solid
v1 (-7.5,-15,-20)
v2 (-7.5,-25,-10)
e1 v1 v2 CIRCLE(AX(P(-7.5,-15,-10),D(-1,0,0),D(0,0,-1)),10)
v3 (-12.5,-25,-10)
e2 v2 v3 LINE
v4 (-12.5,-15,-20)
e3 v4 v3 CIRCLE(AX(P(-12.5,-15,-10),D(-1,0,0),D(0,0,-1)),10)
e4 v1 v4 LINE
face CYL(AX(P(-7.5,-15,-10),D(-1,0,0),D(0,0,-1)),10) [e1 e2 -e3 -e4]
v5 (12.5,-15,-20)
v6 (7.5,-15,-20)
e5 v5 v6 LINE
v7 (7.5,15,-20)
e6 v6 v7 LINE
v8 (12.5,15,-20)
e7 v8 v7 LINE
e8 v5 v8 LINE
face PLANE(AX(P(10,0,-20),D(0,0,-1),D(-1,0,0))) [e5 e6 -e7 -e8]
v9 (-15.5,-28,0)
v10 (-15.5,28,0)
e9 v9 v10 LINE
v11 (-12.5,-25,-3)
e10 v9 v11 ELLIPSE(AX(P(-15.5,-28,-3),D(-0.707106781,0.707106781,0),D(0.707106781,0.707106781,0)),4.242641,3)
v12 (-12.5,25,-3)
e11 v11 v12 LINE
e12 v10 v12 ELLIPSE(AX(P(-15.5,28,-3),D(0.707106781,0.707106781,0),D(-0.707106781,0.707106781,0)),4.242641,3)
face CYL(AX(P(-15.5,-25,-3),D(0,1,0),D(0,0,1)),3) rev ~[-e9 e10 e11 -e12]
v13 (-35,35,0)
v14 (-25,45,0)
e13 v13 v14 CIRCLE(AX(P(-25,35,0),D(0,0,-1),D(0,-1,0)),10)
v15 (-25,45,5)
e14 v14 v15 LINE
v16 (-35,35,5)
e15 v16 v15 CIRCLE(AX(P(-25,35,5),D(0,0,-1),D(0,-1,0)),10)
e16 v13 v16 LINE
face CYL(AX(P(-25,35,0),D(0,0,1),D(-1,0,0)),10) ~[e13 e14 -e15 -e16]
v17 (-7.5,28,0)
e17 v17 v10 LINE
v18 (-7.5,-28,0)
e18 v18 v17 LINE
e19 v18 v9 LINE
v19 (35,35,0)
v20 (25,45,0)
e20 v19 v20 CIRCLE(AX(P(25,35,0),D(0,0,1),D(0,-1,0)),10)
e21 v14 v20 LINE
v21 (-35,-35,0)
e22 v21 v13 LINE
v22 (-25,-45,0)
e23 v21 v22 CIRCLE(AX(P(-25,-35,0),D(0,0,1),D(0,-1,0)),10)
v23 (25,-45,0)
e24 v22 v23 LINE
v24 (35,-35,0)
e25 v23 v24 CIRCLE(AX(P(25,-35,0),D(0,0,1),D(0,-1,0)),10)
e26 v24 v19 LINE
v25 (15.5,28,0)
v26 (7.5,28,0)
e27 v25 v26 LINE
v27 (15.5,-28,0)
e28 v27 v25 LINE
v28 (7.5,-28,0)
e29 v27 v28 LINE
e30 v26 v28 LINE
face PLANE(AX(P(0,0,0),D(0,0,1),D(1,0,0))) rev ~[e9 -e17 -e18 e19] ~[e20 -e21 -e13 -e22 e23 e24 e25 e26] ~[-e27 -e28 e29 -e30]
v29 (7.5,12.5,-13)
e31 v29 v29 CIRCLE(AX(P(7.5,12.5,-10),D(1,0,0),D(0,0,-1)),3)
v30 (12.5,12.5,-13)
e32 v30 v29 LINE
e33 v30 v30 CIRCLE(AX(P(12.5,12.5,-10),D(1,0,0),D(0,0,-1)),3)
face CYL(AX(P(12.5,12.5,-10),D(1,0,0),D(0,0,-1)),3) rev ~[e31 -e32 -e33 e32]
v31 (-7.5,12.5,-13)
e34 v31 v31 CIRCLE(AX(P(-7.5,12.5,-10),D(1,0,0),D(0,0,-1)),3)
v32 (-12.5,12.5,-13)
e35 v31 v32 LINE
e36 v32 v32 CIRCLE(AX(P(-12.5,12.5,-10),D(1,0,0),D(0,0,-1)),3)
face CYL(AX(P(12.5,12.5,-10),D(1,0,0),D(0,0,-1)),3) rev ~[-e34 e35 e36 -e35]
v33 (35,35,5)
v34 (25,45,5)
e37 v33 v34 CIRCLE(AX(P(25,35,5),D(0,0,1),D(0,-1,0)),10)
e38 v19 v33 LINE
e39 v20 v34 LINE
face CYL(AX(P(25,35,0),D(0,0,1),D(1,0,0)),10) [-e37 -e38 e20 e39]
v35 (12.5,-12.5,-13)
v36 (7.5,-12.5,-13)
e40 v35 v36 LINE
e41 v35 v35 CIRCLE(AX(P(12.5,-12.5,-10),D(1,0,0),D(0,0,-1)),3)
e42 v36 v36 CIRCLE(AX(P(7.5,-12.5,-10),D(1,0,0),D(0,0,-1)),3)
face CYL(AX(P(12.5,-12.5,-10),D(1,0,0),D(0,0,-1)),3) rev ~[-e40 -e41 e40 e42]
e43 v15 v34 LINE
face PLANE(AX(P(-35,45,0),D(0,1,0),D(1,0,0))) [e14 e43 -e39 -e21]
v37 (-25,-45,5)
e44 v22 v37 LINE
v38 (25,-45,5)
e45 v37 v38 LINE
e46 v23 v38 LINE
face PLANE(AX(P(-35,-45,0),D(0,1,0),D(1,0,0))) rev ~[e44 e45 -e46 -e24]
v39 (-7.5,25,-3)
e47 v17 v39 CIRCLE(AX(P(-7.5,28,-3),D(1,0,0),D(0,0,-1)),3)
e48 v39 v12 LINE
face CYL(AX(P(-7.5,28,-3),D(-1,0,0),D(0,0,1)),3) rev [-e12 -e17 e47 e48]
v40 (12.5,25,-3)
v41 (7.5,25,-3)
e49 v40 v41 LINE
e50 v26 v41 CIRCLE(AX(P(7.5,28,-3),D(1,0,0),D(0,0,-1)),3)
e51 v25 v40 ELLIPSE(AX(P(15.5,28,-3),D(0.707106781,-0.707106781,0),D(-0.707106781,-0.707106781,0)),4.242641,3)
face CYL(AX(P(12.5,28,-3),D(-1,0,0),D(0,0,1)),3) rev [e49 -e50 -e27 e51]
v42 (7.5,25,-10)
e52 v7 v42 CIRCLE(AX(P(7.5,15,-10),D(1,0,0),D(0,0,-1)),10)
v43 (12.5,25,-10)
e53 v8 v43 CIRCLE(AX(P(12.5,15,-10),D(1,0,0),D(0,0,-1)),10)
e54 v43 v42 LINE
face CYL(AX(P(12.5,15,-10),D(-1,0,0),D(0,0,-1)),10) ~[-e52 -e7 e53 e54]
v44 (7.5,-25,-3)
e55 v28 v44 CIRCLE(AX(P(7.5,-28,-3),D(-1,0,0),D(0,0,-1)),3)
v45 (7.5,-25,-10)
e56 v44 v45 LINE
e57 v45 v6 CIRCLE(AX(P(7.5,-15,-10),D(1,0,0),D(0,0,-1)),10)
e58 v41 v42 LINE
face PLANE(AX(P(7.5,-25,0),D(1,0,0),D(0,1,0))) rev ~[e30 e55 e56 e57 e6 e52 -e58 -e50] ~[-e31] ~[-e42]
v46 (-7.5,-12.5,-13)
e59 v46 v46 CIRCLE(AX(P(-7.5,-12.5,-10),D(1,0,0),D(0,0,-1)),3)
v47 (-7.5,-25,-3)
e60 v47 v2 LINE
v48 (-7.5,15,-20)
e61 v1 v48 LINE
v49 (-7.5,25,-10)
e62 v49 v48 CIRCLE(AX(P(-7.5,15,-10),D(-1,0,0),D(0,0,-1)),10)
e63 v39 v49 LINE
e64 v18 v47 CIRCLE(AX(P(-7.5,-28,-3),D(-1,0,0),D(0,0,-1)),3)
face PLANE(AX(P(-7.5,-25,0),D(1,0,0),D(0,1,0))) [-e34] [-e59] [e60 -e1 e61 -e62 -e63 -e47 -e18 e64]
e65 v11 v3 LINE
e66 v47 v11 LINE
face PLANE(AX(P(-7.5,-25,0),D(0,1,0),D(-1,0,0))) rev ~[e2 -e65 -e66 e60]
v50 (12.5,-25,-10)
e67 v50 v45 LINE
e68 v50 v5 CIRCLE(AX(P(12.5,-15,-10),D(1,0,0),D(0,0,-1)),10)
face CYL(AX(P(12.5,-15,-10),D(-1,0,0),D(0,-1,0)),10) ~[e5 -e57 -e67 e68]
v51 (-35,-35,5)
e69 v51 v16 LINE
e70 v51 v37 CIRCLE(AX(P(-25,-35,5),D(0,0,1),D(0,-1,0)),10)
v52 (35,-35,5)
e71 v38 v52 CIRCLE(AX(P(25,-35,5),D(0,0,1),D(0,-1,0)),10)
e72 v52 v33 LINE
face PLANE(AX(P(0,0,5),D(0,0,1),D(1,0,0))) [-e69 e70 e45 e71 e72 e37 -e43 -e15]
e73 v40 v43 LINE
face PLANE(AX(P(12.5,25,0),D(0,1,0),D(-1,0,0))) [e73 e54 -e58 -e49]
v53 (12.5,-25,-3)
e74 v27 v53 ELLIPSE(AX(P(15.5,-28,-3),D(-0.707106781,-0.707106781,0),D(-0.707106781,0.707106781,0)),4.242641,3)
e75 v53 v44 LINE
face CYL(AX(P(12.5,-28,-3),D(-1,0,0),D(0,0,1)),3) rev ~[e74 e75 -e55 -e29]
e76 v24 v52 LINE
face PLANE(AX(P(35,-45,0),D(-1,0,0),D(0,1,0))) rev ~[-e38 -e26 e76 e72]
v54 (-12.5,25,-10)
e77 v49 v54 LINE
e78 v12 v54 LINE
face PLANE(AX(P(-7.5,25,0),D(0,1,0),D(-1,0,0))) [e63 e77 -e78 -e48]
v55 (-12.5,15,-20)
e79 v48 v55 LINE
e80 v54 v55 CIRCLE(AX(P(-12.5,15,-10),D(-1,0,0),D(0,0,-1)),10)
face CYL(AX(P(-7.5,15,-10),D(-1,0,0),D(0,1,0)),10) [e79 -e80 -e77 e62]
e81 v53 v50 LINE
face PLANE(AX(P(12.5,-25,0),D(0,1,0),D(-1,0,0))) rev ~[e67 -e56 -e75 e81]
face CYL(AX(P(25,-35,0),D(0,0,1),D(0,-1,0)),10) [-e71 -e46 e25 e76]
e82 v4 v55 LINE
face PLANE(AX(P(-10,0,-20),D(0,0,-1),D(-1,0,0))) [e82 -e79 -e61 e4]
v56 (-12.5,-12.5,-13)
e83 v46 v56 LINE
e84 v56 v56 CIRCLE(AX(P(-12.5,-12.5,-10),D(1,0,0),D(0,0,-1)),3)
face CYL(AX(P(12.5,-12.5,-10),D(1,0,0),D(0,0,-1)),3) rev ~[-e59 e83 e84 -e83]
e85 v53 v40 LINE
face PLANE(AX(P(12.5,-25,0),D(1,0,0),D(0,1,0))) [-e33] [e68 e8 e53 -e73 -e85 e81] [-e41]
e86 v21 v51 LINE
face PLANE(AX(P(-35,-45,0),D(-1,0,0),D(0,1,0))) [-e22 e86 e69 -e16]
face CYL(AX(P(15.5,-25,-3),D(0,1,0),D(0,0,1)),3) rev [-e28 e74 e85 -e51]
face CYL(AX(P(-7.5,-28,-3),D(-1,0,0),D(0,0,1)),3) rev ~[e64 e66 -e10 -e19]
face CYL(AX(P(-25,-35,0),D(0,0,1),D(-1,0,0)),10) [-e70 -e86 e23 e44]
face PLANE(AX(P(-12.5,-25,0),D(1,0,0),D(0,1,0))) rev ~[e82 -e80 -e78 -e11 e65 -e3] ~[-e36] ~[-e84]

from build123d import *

# Parameters (mm, degrees)
SKETCH1_W           = 70
SKETCH1_H           = 90
BOSS_EXTRUDE1_DEPTH = 5
SKETCH3_W           = 5
SKETCH3_H           = 50
BOSS_EXTRUDE2_DEPTH = 20
SKETCH4_R           = 3
CUT_EXTRUDE1_DEPTH  = 48.5
FILLET1_R           = 3
FILLET2_R           = 10
FILLET3_R           = 10


with BuildPart() as part:
    # Sketch1 → Boss-Extrude1 (new body)
    with BuildSketch(Plane.XY):
        Rectangle(SKETCH1_W, SKETCH1_H)
    extrude(amount=BOSS_EXTRUDE1_DEPTH)

    # Sketch3 → Boss-Extrude2 (add)
    with BuildSketch(Plane(origin=(0, 0, 0), x_dir=(-1, 0, 0), z_dir=(0, 0, -1))):
        with Locations((10, 0)):
            Rectangle(SKETCH3_W, SKETCH3_H)
        with Locations((-10, 0)):
            Rectangle(SKETCH3_W, SKETCH3_H)
    extrude(amount=BOSS_EXTRUDE2_DEPTH)

    # Sketch4 → Cut-Extrude1 (cut, through all)
    with BuildSketch(Plane(origin=(12.5, 0, 0), x_dir=(0, 0, -1), z_dir=(1, 0, 0))):
        with Locations((10, 12.5)):
            Circle(SKETCH4_R)
        with Locations((10, -12.5)):
            Circle(SKETCH4_R)
    extrude(amount=-CUT_EXTRUDE1_DEPTH, mode=Mode.SUBTRACT)

    # Fillet1
    fillet1_edges = [part.edges().sort_by_distance(p)[0] for p in [
        (10, 25, 0),
        (12.5, 0, 0),
        (10, -25, 0),
        (-12.5, 0, 0),
        (-10, 25, 0),
        (-10, -25, 0),
    ]]
    fillet(fillet1_edges, radius=FILLET1_R)

    # Fillet2
    fillet2_edges = [part.edges().sort_by_distance(p)[0] for p in [
        (10, 25, -20),
        (10, -25, -20),
        (-10, 25, -20),
        (-10, -25, -20),
    ]]
    fillet(fillet2_edges, radius=FILLET2_R)

    # Fillet3
    fillet3_edges = [part.edges().sort_by_distance(p)[0] for p in [
        (35, -45, 2.5),
        (-35, -45, 2.5),
        (-35, 45, 2.5),
        (35, 45, 2.5),
    ]]
    fillet(fillet3_edges, radius=FILLET3_R)


solid = part.part
